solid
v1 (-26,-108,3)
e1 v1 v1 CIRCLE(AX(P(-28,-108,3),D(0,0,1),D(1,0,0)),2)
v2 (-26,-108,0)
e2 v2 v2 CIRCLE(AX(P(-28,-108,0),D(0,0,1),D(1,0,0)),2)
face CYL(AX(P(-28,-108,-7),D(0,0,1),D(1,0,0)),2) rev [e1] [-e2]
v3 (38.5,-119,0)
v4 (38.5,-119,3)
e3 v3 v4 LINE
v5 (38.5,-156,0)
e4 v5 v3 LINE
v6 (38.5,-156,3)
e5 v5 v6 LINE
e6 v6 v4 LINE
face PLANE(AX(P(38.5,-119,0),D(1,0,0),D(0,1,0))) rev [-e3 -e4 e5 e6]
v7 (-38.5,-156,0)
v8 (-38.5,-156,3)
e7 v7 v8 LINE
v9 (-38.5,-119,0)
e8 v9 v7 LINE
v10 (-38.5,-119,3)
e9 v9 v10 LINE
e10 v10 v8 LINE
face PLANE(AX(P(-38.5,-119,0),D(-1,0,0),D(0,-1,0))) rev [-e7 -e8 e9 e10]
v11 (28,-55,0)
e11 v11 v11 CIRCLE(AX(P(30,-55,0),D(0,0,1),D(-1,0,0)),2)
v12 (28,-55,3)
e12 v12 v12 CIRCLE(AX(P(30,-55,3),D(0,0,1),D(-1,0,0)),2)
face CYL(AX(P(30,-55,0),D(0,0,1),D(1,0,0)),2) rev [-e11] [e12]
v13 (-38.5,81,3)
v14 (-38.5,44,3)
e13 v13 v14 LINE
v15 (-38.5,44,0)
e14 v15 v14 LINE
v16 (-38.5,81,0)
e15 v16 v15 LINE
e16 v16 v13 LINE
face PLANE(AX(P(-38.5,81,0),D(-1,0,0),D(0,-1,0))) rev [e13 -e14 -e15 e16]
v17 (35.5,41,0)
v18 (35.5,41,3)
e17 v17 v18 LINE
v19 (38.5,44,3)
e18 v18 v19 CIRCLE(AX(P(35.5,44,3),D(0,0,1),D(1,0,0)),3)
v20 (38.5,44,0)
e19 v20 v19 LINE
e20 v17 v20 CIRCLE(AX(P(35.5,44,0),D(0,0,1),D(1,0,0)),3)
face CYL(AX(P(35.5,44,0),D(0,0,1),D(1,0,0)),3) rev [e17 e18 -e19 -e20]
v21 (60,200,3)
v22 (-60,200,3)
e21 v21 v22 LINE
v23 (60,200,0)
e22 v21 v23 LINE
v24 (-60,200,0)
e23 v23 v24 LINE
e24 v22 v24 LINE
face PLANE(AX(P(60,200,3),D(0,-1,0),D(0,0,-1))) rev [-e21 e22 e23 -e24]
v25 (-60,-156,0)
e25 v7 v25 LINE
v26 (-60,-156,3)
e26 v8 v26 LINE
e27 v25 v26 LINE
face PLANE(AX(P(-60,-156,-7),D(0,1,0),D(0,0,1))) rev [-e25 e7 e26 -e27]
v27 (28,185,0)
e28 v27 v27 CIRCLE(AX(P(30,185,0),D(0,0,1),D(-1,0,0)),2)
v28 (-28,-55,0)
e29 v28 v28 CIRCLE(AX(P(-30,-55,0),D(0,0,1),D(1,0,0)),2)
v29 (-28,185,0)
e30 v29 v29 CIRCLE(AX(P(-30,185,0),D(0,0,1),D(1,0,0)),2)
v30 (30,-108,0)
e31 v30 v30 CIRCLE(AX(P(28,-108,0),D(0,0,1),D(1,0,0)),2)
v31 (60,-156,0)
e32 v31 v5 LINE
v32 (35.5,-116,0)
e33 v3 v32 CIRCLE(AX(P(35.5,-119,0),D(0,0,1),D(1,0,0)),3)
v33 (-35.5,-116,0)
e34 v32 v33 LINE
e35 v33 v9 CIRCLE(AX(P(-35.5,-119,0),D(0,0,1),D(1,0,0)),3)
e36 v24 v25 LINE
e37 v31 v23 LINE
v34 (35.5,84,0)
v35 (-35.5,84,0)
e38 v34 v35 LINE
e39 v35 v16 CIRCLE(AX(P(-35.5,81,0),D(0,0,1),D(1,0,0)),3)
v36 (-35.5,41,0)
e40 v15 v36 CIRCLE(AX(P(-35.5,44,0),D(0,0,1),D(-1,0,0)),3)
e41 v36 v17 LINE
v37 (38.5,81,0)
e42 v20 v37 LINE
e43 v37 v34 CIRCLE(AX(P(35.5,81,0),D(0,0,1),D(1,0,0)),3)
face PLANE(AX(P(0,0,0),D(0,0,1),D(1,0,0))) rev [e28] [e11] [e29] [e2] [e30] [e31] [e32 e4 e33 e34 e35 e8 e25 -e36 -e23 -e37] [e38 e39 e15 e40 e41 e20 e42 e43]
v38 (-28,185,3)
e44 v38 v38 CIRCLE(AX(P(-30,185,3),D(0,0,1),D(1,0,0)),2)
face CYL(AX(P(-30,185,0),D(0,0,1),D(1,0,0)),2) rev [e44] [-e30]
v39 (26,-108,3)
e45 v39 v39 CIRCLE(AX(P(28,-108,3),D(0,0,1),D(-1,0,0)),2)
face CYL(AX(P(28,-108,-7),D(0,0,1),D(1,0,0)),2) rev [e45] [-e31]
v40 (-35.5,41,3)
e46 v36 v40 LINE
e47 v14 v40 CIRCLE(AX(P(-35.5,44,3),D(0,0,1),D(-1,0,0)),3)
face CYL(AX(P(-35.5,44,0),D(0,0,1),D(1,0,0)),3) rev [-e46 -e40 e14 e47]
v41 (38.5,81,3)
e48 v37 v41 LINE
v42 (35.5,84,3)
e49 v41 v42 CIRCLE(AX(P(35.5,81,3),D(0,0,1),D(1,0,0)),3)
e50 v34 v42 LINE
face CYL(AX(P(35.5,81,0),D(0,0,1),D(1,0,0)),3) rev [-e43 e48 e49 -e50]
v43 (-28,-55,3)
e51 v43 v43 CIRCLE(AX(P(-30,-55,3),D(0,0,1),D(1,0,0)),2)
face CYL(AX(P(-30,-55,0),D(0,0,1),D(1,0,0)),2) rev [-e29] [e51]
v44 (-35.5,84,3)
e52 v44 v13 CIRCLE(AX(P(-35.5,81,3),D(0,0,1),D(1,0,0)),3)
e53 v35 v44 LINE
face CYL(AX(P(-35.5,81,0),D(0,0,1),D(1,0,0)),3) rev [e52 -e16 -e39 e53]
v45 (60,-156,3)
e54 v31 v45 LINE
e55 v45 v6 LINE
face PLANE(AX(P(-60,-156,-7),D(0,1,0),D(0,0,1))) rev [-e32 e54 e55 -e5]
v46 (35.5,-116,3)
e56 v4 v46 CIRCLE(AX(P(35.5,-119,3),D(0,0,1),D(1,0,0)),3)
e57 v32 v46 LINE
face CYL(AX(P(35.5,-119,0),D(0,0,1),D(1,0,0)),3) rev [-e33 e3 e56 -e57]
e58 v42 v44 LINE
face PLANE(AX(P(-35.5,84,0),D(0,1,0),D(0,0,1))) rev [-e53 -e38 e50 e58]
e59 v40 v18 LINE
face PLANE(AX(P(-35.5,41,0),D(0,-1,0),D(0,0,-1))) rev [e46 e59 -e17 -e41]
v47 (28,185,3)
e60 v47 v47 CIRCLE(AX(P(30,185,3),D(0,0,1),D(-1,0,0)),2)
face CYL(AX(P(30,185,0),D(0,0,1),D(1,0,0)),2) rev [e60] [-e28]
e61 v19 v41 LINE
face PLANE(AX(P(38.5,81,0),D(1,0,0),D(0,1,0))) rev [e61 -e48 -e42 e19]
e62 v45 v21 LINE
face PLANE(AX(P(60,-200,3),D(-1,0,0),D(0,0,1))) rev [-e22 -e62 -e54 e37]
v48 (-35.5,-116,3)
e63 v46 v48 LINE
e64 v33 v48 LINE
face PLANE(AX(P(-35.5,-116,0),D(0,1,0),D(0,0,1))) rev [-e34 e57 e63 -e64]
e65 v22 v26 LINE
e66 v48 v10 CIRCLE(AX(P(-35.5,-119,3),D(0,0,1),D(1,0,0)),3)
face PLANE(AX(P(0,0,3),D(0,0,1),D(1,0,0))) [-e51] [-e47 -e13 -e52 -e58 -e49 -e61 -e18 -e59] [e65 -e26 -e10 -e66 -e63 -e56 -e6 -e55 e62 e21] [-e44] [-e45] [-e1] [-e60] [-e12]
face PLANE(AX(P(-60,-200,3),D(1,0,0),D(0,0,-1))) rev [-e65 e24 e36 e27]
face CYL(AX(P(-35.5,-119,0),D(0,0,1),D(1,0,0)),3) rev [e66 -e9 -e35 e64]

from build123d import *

# Parameters (mm, degrees)
SKETCH1_W           = 120
SKETCH1_H           = 400
BOSS_EXTRUDE1_DEPTH = 3
CUT_EXTRUDE1_DEPTH  = 3
SKETCH3_R           = 2
CUT_EXTRUDE2_DEPTH  = 3
SKETCH4_W           = 120
SKETCH4_H           = 44
CUT_EXTRUDE3_DEPTH  = 10
SKETCH5_R           = 2
CUT_EXTRUDE4_DEPTH  = 10


with BuildPart() as part:
    # Sketch1 → Boss-Extrude1 (new body)
    with BuildSketch(Plane.XY):
        Rectangle(SKETCH1_W, SKETCH1_H)
    extrude(amount=BOSS_EXTRUDE1_DEPTH)

    # Sketch2 → Cut-Extrude1 (cut)
    with BuildSketch(Plane.XY.offset(3)):
        with BuildLine():
            Line((-35.5, -116), (35.5, -116))
            ThreePointArc((35.5, -116), (37.621320344, -116.878679656), (38.5, -119))
            Line((38.5, -119), (38.5, -156))
            ThreePointArc((38.5, -156), (37.621320344, -158.121320344), (35.5, -159))
            Line((35.5, -159), (-35.5, -159))
            ThreePointArc((-35.5, -159), (-37.621320344, -158.121320344), (-38.5, -156))
            Line((-38.5, -156), (-38.5, -119))
            ThreePointArc((-38.5, -119), (-37.621320344, -116.878679656), (-35.5, -116))
        make_face()
        with BuildLine():
            Line((-35.5, 84), (35.5, 84))
            ThreePointArc((35.5, 84), (37.621320344, 83.121320344), (38.5, 81))
            Line((38.5, 81), (38.5, 44))
            ThreePointArc((38.5, 44), (37.621320344, 41.878679656), (35.5, 41))
            Line((35.5, 41), (-35.5, 41))
            ThreePointArc((-35.5, 41), (-37.621320344, 41.878679656), (-38.5, 44))
            Line((-38.5, 44), (-38.5, 81))
            ThreePointArc((-38.5, 81), (-37.621320344, 83.121320344), (-35.5, 84))
        make_face()
    extrude(amount=-CUT_EXTRUDE1_DEPTH, mode=Mode.SUBTRACT)

    # Sketch3 → Cut-Extrude2 (cut)
    with BuildSketch(Plane.XY.offset(3)):
        with Locations((-30, 185)):
            Circle(SKETCH3_R)
        with Locations((-30, 65)):
            Circle(SKETCH3_R)
        with Locations((-30, -55)):
            Circle(SKETCH3_R)
        with Locations((-30, -175)):
            Circle(SKETCH3_R)
        with Locations(Location((30, -175, 0), (0, 0, 180))):
            Circle(SKETCH3_R)
        with Locations(Location((30, -55, 0), (0, 0, 180))):
            Circle(SKETCH3_R)
        with Locations((30, 65)):
            Circle(SKETCH3_R)
        with Locations(Location((30, 185, 0), (0, 0, 180))):
            Circle(SKETCH3_R)
    extrude(amount=-CUT_EXTRUDE2_DEPTH, mode=Mode.SUBTRACT)

    # Sketch4 → Cut-Extrude3 (cut)
    with BuildSketch(Plane.XY.offset(3)):
        with Locations((0, -178)):
            Rectangle(SKETCH4_W, SKETCH4_H)
    extrude(amount=-CUT_EXTRUDE3_DEPTH, mode=Mode.SUBTRACT)

    # Sketch5 → Cut-Extrude4 (cut)
    with BuildSketch(Plane.XY.offset(3)):
        with Locations((-28, -108)):
            Circle(SKETCH5_R)
        with Locations((28, -108)):
            Circle(SKETCH5_R)
    extrude(amount=-CUT_EXTRUDE4_DEPTH, mode=Mode.SUBTRACT)


solid = part.part
